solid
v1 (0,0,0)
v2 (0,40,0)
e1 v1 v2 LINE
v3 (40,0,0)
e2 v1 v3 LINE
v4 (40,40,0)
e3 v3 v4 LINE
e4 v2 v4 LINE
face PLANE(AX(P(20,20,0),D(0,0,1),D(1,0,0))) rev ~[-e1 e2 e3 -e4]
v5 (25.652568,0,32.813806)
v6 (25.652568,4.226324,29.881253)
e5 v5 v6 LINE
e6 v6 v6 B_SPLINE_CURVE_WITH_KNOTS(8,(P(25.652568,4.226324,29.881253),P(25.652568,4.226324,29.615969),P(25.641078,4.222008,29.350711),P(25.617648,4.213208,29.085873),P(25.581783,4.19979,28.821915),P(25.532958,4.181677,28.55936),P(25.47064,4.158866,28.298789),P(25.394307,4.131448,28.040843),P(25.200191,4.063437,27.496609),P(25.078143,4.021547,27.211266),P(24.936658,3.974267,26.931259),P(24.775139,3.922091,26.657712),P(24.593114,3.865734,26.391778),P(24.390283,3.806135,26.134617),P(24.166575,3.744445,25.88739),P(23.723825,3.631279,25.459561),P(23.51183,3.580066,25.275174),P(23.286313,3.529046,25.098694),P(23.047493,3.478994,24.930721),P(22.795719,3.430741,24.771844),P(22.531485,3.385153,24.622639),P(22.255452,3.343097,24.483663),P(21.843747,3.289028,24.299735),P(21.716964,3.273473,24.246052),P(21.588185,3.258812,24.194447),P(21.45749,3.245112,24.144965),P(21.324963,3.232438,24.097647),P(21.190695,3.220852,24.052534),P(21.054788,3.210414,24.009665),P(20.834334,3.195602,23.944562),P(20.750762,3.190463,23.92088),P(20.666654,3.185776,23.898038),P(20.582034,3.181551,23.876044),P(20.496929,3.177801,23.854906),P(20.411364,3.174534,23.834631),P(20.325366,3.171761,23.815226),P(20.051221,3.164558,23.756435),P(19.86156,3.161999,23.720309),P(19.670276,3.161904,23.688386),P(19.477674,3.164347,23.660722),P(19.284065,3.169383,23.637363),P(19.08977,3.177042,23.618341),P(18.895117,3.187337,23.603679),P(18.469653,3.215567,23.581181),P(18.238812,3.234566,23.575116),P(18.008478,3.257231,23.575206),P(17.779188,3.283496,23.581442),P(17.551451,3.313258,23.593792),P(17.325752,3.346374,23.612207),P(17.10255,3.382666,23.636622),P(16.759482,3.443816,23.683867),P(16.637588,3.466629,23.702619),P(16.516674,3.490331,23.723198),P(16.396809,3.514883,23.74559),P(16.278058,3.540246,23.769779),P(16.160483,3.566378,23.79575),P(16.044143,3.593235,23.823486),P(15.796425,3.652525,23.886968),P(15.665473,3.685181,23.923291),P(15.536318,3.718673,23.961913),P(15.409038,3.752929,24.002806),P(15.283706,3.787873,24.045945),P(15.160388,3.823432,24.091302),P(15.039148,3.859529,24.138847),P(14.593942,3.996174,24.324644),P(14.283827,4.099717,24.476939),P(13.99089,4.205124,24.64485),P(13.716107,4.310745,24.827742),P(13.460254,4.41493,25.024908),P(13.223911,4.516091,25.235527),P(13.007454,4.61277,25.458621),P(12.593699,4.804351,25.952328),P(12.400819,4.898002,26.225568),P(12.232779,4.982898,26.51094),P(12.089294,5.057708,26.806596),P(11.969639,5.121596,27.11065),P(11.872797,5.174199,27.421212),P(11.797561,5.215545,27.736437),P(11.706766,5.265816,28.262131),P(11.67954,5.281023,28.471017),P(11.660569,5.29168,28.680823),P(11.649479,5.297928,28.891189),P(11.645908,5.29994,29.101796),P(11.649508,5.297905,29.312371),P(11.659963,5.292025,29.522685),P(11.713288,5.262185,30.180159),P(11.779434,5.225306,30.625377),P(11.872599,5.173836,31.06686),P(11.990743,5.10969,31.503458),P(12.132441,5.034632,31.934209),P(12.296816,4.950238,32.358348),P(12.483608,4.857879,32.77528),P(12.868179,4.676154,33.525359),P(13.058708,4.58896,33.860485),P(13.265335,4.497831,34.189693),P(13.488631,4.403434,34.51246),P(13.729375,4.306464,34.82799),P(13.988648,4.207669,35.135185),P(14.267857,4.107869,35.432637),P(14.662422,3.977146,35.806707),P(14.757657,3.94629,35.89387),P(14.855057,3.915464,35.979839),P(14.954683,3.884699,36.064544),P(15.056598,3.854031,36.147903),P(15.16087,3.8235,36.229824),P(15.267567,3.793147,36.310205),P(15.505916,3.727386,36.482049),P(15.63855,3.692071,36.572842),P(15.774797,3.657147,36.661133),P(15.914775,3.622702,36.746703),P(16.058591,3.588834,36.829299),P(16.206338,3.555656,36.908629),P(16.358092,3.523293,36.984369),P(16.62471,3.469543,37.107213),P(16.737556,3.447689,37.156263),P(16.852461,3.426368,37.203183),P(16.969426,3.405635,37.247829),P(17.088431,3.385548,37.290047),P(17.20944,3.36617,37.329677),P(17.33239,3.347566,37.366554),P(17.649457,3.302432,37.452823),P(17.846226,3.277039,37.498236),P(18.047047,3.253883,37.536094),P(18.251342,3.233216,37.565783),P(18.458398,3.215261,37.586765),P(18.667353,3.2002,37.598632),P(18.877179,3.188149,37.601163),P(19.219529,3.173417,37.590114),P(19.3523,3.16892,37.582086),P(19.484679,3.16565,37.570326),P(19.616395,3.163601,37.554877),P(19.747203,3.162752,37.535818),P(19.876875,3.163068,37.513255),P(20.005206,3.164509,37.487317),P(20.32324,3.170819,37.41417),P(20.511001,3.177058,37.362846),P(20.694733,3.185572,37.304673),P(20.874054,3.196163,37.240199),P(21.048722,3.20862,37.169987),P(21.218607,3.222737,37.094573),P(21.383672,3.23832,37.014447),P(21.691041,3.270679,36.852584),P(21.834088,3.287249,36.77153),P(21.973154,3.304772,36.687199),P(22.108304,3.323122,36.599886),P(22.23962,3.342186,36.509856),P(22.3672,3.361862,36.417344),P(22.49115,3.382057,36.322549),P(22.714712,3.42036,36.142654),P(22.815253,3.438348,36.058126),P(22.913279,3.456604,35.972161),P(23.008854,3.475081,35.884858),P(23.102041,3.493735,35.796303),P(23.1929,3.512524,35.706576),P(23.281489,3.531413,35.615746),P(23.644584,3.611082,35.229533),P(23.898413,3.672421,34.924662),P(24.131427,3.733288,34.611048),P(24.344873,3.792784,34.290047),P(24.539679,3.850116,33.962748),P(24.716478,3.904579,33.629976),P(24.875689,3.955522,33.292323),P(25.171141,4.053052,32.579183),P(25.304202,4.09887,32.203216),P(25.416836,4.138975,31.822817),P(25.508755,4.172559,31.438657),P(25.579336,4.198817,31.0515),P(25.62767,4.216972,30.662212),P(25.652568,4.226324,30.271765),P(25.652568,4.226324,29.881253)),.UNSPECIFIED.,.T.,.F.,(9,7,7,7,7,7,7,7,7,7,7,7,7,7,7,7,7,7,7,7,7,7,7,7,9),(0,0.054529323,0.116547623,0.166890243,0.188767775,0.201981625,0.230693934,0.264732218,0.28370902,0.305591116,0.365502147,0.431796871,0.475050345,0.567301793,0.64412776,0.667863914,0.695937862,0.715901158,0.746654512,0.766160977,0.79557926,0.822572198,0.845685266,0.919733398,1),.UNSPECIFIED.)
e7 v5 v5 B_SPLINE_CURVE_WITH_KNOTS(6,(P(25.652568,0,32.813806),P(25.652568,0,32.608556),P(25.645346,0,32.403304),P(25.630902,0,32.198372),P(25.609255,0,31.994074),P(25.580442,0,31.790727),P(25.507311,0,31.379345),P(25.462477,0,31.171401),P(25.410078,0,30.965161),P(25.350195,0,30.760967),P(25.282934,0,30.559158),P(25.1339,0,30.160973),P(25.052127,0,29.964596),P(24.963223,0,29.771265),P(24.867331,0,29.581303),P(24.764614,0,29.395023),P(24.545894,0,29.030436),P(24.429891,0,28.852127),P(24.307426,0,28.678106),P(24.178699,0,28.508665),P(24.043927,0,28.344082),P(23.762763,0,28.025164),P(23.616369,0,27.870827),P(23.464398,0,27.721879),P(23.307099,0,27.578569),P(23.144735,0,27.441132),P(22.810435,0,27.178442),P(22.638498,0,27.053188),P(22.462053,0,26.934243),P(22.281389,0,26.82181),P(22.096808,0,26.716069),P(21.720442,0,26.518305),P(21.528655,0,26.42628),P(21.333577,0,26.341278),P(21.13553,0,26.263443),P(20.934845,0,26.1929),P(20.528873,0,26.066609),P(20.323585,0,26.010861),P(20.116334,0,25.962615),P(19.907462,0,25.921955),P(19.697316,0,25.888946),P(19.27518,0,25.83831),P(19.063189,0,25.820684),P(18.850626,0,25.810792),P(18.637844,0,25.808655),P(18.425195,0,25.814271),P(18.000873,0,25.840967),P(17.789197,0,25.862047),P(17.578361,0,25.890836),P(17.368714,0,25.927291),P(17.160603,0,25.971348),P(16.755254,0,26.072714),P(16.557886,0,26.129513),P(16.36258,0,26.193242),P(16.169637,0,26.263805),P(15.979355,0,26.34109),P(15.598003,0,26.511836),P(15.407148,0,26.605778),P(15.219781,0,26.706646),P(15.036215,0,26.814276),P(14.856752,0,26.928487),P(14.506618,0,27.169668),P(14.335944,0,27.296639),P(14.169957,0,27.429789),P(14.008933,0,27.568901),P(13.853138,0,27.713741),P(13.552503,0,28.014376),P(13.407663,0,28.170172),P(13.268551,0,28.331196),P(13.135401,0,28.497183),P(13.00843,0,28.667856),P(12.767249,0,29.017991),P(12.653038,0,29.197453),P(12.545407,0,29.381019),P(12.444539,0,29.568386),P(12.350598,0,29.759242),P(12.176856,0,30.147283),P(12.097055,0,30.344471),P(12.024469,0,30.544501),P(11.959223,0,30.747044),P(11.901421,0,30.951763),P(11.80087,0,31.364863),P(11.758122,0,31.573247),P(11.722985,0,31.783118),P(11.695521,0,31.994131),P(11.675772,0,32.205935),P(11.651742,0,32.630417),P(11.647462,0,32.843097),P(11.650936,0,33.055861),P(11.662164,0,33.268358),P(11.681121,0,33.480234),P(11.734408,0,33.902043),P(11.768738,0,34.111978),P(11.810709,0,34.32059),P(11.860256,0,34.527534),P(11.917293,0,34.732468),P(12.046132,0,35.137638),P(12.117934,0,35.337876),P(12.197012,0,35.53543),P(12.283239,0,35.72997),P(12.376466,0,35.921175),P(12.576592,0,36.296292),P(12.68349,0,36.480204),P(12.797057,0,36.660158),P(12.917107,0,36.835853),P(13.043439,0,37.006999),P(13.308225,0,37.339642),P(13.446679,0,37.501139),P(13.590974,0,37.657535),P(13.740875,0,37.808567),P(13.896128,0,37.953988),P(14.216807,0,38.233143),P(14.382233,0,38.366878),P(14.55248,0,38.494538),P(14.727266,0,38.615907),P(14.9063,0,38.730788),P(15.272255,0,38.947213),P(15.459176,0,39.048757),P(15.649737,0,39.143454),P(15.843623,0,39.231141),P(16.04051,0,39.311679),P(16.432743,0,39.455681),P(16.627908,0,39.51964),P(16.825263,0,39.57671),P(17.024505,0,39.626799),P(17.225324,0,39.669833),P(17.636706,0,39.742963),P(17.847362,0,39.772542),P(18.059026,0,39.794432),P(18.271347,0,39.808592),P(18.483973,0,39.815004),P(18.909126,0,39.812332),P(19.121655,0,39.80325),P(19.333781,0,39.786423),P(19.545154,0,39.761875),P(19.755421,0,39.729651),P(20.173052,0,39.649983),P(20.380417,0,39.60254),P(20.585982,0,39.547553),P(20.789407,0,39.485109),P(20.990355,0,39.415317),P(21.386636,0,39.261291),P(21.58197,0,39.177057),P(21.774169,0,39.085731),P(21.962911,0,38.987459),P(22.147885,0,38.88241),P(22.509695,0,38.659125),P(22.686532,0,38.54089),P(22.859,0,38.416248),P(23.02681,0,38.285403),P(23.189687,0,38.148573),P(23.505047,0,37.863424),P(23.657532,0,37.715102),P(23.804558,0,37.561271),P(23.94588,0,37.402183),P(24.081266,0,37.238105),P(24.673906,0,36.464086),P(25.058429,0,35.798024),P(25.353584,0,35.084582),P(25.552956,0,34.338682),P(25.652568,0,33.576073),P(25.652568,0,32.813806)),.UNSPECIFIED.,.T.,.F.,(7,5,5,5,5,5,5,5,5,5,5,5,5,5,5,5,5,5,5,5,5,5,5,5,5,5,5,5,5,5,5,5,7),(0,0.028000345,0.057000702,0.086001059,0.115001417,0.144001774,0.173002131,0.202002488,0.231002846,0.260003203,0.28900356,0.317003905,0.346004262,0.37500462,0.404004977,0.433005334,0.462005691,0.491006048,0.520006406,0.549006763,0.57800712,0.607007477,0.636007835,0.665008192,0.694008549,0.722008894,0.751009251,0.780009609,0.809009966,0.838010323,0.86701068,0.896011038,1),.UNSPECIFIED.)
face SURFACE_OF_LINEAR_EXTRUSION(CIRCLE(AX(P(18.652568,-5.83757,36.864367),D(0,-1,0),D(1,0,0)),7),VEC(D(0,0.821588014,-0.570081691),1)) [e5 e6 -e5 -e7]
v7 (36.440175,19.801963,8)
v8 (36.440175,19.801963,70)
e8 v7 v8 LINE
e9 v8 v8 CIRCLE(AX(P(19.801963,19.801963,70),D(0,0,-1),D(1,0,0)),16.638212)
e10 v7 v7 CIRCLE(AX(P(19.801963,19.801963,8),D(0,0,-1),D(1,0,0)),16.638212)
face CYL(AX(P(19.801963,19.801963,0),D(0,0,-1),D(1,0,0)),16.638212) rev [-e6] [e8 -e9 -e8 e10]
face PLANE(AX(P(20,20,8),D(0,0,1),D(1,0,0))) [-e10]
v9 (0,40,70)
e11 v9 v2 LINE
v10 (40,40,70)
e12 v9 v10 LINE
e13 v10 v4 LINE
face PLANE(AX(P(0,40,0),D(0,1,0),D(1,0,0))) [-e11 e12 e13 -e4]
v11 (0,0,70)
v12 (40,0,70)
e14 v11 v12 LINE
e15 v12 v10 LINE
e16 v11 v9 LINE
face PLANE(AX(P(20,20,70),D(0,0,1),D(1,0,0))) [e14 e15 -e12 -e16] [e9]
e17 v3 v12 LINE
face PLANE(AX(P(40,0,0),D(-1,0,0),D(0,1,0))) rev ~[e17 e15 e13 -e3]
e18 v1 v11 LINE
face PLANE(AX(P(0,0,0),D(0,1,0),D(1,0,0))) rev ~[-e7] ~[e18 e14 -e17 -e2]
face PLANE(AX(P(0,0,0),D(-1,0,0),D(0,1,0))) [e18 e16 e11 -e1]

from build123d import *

# Parameters (mm, degrees)
F0_W     = 40
F0_H     = 40
F1_DEPTH = 70
F2_R     = 16.6382118991
F3_DEPTH = 80
F4_W     = 40
F4_H     = 40
F5_DEPTH = 8
F6_R     = 7


with BuildPart() as f1:
    # F0 (on Top) → F1 (new body)
    with BuildSketch(Plane.XY):
        with Locations((20, 20)):
            Rectangle(F0_W, F0_H)
    extrude(amount=F1_DEPTH)

    # F2 (on Top) → F3 (cut)
    with BuildSketch(Plane.XY):
        with Locations((19.8019631207, 19.8019631207)):
            Circle(F2_R)
    extrude(amount=F3_DEPTH, mode=Mode.SUBTRACT)

    # F4 (on Top) → F5 (join)
    with BuildSketch(Plane.XY):
        with Locations((20, 20)):
            Rectangle(F4_W, F4_H)
    extrude(amount=F5_DEPTH)

    # F8: sweep along a path in F7
    with BuildLine(Plane.YZ) as f8_path:
        Line((-5.8375704102, 26.8986206502), (5.3797238506, 19.1151890904))
    # F6 (on Front) → F8 (sweep, cut)
    with BuildSketch(Plane.XZ):
        with Locations((18.6525676399, 32.8138060868)):
            Circle(F6_R)
    sweep(path=f8_path.line, mode=Mode.SUBTRACT)


solid = f1.part
